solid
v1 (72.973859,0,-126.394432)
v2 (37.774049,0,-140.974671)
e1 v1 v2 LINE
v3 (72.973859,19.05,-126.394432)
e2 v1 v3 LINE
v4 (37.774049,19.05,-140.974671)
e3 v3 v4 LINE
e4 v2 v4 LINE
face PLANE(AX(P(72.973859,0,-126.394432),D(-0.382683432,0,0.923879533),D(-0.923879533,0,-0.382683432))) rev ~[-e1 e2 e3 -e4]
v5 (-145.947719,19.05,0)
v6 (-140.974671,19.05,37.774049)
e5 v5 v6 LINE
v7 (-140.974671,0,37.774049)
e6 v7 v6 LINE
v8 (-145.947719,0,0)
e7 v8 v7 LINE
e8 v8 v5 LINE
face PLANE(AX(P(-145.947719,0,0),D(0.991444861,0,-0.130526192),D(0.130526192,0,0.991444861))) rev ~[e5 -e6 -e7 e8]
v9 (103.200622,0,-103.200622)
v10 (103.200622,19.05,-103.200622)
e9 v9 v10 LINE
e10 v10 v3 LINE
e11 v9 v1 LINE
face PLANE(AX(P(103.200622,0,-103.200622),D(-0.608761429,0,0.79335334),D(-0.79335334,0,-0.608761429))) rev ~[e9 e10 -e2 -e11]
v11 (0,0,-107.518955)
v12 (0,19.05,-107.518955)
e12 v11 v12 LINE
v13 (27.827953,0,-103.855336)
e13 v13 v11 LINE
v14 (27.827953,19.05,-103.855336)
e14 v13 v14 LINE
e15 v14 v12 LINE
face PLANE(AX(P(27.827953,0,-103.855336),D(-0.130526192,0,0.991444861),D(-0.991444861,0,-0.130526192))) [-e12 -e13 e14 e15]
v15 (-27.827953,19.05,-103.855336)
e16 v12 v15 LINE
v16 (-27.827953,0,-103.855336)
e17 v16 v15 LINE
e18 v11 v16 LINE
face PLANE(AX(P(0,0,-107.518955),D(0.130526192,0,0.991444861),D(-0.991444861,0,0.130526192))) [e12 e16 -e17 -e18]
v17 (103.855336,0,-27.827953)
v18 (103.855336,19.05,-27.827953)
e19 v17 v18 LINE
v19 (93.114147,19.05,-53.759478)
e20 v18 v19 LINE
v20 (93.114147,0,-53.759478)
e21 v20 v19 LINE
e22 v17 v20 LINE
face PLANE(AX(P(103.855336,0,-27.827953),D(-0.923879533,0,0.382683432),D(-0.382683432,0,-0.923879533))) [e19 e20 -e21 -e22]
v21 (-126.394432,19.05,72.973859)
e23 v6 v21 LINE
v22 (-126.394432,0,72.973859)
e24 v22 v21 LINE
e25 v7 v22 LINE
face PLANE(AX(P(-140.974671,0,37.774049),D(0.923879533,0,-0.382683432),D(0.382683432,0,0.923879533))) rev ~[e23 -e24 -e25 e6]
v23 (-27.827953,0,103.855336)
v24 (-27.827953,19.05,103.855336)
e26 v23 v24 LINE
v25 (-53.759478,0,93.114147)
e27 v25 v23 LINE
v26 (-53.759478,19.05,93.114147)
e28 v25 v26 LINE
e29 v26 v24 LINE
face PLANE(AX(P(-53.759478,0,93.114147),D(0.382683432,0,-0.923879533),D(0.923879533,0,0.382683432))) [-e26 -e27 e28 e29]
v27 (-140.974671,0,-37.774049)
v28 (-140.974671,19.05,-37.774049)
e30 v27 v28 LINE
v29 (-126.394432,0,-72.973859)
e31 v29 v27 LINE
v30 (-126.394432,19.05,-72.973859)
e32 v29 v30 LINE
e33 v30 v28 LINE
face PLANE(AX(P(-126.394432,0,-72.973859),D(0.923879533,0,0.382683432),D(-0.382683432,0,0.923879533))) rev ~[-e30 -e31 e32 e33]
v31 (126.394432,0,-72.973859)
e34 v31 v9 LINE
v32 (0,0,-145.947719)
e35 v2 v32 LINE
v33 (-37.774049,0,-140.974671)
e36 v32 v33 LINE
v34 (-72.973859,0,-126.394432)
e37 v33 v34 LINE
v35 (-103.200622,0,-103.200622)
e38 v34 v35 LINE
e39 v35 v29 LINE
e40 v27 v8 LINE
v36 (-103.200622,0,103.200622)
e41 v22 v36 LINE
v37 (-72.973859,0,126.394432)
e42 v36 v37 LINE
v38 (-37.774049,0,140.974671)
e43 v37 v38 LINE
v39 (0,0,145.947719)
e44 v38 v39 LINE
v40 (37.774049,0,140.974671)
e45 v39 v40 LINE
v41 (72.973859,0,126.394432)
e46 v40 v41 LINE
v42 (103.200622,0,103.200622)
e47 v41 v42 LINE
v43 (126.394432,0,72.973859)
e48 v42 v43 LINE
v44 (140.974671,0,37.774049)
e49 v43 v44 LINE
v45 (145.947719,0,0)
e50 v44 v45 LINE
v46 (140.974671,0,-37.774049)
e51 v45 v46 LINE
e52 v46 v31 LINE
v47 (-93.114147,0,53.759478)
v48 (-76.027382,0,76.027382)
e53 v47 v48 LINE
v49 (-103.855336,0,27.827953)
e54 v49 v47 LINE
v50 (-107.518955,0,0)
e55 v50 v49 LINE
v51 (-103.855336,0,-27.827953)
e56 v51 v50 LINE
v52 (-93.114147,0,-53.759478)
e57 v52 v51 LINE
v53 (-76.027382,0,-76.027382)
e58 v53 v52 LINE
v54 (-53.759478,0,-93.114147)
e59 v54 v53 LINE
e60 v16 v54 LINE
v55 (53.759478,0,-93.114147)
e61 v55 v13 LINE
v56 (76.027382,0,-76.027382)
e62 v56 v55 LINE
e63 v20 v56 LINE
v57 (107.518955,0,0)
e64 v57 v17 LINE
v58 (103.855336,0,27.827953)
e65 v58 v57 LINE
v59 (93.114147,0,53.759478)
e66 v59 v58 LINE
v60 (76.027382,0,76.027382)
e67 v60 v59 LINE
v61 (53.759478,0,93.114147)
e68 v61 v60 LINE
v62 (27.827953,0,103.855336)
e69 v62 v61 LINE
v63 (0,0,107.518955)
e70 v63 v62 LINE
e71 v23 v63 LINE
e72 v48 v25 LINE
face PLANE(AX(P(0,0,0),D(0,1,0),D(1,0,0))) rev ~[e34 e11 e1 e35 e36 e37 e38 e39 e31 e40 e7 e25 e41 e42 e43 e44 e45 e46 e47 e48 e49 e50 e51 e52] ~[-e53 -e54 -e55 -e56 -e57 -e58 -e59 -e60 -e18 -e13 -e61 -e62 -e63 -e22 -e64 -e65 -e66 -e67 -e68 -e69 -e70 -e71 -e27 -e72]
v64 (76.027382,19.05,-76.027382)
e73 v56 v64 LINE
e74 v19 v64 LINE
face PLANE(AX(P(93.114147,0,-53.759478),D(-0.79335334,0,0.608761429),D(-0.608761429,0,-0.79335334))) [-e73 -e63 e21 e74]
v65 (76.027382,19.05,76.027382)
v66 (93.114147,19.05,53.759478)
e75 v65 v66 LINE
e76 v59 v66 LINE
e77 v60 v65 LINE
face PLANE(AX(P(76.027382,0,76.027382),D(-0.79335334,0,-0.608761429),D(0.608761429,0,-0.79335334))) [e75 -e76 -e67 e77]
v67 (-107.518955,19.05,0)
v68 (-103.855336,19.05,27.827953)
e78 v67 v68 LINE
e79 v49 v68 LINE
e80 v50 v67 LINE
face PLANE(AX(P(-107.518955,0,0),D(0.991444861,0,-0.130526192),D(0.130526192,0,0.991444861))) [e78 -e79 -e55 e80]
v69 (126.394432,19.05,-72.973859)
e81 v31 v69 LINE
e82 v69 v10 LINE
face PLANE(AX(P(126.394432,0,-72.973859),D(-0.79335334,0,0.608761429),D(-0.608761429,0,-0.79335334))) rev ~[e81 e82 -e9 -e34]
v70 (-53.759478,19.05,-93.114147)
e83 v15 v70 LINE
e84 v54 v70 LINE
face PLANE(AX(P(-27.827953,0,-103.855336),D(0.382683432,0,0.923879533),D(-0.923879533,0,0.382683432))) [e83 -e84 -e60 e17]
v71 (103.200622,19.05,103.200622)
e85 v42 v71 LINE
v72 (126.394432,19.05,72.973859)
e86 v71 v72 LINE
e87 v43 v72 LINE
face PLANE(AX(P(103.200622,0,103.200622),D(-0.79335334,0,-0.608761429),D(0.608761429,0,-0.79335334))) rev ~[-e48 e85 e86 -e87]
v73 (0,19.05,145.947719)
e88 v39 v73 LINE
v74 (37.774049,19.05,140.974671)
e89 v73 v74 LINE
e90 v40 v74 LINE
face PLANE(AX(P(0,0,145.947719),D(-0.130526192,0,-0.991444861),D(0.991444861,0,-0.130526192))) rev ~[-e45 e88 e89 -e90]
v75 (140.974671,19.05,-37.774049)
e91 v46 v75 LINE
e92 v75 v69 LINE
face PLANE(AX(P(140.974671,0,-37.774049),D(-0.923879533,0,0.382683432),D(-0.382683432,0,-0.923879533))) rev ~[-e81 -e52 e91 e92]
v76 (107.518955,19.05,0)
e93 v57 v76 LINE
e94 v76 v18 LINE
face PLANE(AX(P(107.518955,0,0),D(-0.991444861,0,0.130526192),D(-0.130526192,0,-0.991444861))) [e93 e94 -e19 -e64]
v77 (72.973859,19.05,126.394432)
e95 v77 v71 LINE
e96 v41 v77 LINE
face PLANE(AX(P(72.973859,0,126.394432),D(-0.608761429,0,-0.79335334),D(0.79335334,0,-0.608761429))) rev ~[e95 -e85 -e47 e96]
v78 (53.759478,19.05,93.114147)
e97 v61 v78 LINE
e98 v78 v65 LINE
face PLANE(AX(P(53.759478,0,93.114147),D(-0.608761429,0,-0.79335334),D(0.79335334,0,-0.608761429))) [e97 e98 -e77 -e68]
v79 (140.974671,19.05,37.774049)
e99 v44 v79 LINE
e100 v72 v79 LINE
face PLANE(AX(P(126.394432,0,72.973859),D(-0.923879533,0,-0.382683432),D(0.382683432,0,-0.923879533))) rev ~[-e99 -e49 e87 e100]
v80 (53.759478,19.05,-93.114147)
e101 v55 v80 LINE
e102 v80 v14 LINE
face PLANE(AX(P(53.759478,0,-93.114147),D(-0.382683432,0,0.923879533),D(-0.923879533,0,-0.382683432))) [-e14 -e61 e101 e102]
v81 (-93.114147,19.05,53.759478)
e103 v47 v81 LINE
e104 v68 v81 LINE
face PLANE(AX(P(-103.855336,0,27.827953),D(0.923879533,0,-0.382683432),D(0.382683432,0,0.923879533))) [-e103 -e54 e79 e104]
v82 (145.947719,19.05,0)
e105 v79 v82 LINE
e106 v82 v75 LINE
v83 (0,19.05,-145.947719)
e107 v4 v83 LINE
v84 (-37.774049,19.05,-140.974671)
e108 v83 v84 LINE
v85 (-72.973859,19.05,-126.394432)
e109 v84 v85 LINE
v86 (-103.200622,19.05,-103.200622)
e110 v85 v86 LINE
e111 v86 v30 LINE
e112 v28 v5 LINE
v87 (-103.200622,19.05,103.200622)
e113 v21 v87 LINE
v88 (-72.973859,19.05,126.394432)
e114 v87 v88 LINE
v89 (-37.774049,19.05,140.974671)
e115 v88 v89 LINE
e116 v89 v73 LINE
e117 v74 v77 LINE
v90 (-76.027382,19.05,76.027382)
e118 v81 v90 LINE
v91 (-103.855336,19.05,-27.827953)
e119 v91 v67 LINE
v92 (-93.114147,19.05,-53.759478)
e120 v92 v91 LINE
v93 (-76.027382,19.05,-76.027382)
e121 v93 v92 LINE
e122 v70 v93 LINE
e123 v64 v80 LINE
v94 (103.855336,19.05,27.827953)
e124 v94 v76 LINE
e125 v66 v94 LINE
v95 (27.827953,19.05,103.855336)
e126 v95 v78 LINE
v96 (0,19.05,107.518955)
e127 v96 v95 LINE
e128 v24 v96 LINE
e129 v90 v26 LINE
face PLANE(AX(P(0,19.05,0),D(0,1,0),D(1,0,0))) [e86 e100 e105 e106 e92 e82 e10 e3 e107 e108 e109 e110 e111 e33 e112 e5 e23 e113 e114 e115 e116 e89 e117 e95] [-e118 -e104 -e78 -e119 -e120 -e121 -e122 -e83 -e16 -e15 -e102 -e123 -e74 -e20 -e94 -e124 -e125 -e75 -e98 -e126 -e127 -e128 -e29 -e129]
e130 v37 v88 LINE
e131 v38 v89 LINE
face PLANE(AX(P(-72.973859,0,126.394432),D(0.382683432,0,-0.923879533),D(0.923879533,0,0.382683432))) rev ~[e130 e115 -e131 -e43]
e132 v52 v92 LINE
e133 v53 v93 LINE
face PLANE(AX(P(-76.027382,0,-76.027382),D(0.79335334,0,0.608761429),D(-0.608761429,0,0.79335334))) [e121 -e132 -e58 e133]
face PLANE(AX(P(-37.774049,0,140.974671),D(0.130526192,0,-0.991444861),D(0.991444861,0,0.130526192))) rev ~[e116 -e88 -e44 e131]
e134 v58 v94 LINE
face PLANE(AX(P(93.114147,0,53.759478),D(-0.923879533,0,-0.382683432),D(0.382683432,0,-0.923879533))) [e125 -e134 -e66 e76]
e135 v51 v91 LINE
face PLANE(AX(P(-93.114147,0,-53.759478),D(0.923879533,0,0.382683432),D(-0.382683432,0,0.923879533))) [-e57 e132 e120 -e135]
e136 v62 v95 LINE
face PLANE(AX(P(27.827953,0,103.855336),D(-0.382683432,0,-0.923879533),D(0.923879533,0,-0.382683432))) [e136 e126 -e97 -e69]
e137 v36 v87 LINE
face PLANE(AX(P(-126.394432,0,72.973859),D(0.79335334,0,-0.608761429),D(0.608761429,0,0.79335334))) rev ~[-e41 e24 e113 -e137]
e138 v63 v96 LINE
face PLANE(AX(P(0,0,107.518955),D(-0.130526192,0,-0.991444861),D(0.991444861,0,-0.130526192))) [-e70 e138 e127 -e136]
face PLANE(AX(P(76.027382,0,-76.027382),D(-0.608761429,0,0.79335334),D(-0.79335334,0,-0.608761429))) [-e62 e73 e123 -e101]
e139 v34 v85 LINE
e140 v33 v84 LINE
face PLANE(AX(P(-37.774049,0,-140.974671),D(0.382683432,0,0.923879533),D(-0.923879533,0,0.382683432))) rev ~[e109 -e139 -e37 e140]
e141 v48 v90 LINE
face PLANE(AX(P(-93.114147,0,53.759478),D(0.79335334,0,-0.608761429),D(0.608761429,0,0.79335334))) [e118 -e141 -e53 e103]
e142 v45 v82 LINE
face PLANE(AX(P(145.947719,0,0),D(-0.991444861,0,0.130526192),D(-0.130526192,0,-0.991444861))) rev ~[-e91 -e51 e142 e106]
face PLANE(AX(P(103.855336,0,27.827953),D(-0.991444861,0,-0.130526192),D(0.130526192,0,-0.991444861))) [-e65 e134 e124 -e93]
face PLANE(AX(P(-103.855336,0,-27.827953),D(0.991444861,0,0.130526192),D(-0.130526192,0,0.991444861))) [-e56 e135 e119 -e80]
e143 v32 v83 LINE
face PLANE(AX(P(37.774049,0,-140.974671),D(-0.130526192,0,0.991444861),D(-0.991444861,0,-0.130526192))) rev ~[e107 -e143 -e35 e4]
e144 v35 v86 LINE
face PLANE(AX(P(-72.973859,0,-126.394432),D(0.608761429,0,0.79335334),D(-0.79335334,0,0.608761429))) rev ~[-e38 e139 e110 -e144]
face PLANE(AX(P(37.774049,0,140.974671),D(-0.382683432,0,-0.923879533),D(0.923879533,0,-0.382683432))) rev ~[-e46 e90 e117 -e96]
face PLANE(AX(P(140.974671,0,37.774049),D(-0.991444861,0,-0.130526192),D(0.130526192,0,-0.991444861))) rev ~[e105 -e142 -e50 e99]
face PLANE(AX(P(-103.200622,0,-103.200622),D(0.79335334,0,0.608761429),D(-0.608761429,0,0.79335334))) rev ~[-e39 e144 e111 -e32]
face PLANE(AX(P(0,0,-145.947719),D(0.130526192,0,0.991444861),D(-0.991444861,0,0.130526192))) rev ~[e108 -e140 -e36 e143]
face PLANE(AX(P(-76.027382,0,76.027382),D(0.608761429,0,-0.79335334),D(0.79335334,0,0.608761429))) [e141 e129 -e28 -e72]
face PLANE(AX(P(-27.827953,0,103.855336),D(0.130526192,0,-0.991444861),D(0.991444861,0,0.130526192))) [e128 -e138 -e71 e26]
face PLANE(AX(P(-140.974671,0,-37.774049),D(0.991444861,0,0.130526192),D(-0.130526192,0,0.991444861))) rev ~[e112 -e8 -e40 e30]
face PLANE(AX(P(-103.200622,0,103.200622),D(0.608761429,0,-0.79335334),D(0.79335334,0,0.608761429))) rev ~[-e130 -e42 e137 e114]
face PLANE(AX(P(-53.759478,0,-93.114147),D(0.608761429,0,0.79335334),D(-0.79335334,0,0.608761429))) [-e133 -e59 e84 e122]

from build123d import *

# Parameters (mm, degrees)
BOSS_EXTRUDE3_DEPTH = 19.05


with BuildPart() as part:
    # Sketch3 → Boss-Extrude3 (new body)
    with BuildSketch(Plane(origin=(0, 0, 0), x_dir=(1, 0, 0), z_dir=(0, 1, 0))):
        Polygon((-145.947718814, 0), (-140.97467089, -37.774049218), (-126.394432117, -72.973859407), (-103.200621672, -103.200621672), (-72.973859407, -126.394432117), (-37.774049218, -140.97467089), (0, -145.947718814), (37.774049218, -140.97467089), (72.973859407, -126.394432117), (103.200621672, -103.200621672), (126.394432117, -72.973859407), (140.97467089, -37.774049218), (145.947718814, 0), (140.97467089, 37.774049218), (126.394432117, 72.973859407), (103.200621672, 103.200621672), (72.973859407, 126.394432117), (37.774049218, 140.97467089), (0, 145.947718814), (-37.774049218, 140.97467089), (-72.973859407, 126.394432117), (-103.200621672, 103.200621672), (-126.394432117, 72.973859407), (-140.97467089, 37.774049218), align=None)
        Polygon((-107.518955416, 0), (-103.855335852, -27.827953371), (-93.114146779, -53.759477708), (-76.027382481, -76.027382481), (-53.759477708, -93.114146779), (-27.827953371, -103.855335852), (0, -107.518955416), (27.827953371, -103.855335852), (53.759477708, -93.114146779), (76.027382481, -76.027382481), (93.114146779, -53.759477708), (103.855335852, -27.827953371), (107.518955416, 0), (103.855335852, 27.827953371), (93.114146779, 53.759477708), (76.027382481, 76.027382481), (53.759477708, 93.114146779), (27.827953371, 103.855335852), (0, 107.518955416), (-27.827953371, 103.855335852), (-53.759477708, 93.114146779), (-76.027382481, 76.027382481), (-93.114146779, 53.759477708), (-103.855335852, 27.827953371), align=None, mode=Mode.SUBTRACT)
    extrude(amount=BOSS_EXTRUDE3_DEPTH)


solid = part.part
